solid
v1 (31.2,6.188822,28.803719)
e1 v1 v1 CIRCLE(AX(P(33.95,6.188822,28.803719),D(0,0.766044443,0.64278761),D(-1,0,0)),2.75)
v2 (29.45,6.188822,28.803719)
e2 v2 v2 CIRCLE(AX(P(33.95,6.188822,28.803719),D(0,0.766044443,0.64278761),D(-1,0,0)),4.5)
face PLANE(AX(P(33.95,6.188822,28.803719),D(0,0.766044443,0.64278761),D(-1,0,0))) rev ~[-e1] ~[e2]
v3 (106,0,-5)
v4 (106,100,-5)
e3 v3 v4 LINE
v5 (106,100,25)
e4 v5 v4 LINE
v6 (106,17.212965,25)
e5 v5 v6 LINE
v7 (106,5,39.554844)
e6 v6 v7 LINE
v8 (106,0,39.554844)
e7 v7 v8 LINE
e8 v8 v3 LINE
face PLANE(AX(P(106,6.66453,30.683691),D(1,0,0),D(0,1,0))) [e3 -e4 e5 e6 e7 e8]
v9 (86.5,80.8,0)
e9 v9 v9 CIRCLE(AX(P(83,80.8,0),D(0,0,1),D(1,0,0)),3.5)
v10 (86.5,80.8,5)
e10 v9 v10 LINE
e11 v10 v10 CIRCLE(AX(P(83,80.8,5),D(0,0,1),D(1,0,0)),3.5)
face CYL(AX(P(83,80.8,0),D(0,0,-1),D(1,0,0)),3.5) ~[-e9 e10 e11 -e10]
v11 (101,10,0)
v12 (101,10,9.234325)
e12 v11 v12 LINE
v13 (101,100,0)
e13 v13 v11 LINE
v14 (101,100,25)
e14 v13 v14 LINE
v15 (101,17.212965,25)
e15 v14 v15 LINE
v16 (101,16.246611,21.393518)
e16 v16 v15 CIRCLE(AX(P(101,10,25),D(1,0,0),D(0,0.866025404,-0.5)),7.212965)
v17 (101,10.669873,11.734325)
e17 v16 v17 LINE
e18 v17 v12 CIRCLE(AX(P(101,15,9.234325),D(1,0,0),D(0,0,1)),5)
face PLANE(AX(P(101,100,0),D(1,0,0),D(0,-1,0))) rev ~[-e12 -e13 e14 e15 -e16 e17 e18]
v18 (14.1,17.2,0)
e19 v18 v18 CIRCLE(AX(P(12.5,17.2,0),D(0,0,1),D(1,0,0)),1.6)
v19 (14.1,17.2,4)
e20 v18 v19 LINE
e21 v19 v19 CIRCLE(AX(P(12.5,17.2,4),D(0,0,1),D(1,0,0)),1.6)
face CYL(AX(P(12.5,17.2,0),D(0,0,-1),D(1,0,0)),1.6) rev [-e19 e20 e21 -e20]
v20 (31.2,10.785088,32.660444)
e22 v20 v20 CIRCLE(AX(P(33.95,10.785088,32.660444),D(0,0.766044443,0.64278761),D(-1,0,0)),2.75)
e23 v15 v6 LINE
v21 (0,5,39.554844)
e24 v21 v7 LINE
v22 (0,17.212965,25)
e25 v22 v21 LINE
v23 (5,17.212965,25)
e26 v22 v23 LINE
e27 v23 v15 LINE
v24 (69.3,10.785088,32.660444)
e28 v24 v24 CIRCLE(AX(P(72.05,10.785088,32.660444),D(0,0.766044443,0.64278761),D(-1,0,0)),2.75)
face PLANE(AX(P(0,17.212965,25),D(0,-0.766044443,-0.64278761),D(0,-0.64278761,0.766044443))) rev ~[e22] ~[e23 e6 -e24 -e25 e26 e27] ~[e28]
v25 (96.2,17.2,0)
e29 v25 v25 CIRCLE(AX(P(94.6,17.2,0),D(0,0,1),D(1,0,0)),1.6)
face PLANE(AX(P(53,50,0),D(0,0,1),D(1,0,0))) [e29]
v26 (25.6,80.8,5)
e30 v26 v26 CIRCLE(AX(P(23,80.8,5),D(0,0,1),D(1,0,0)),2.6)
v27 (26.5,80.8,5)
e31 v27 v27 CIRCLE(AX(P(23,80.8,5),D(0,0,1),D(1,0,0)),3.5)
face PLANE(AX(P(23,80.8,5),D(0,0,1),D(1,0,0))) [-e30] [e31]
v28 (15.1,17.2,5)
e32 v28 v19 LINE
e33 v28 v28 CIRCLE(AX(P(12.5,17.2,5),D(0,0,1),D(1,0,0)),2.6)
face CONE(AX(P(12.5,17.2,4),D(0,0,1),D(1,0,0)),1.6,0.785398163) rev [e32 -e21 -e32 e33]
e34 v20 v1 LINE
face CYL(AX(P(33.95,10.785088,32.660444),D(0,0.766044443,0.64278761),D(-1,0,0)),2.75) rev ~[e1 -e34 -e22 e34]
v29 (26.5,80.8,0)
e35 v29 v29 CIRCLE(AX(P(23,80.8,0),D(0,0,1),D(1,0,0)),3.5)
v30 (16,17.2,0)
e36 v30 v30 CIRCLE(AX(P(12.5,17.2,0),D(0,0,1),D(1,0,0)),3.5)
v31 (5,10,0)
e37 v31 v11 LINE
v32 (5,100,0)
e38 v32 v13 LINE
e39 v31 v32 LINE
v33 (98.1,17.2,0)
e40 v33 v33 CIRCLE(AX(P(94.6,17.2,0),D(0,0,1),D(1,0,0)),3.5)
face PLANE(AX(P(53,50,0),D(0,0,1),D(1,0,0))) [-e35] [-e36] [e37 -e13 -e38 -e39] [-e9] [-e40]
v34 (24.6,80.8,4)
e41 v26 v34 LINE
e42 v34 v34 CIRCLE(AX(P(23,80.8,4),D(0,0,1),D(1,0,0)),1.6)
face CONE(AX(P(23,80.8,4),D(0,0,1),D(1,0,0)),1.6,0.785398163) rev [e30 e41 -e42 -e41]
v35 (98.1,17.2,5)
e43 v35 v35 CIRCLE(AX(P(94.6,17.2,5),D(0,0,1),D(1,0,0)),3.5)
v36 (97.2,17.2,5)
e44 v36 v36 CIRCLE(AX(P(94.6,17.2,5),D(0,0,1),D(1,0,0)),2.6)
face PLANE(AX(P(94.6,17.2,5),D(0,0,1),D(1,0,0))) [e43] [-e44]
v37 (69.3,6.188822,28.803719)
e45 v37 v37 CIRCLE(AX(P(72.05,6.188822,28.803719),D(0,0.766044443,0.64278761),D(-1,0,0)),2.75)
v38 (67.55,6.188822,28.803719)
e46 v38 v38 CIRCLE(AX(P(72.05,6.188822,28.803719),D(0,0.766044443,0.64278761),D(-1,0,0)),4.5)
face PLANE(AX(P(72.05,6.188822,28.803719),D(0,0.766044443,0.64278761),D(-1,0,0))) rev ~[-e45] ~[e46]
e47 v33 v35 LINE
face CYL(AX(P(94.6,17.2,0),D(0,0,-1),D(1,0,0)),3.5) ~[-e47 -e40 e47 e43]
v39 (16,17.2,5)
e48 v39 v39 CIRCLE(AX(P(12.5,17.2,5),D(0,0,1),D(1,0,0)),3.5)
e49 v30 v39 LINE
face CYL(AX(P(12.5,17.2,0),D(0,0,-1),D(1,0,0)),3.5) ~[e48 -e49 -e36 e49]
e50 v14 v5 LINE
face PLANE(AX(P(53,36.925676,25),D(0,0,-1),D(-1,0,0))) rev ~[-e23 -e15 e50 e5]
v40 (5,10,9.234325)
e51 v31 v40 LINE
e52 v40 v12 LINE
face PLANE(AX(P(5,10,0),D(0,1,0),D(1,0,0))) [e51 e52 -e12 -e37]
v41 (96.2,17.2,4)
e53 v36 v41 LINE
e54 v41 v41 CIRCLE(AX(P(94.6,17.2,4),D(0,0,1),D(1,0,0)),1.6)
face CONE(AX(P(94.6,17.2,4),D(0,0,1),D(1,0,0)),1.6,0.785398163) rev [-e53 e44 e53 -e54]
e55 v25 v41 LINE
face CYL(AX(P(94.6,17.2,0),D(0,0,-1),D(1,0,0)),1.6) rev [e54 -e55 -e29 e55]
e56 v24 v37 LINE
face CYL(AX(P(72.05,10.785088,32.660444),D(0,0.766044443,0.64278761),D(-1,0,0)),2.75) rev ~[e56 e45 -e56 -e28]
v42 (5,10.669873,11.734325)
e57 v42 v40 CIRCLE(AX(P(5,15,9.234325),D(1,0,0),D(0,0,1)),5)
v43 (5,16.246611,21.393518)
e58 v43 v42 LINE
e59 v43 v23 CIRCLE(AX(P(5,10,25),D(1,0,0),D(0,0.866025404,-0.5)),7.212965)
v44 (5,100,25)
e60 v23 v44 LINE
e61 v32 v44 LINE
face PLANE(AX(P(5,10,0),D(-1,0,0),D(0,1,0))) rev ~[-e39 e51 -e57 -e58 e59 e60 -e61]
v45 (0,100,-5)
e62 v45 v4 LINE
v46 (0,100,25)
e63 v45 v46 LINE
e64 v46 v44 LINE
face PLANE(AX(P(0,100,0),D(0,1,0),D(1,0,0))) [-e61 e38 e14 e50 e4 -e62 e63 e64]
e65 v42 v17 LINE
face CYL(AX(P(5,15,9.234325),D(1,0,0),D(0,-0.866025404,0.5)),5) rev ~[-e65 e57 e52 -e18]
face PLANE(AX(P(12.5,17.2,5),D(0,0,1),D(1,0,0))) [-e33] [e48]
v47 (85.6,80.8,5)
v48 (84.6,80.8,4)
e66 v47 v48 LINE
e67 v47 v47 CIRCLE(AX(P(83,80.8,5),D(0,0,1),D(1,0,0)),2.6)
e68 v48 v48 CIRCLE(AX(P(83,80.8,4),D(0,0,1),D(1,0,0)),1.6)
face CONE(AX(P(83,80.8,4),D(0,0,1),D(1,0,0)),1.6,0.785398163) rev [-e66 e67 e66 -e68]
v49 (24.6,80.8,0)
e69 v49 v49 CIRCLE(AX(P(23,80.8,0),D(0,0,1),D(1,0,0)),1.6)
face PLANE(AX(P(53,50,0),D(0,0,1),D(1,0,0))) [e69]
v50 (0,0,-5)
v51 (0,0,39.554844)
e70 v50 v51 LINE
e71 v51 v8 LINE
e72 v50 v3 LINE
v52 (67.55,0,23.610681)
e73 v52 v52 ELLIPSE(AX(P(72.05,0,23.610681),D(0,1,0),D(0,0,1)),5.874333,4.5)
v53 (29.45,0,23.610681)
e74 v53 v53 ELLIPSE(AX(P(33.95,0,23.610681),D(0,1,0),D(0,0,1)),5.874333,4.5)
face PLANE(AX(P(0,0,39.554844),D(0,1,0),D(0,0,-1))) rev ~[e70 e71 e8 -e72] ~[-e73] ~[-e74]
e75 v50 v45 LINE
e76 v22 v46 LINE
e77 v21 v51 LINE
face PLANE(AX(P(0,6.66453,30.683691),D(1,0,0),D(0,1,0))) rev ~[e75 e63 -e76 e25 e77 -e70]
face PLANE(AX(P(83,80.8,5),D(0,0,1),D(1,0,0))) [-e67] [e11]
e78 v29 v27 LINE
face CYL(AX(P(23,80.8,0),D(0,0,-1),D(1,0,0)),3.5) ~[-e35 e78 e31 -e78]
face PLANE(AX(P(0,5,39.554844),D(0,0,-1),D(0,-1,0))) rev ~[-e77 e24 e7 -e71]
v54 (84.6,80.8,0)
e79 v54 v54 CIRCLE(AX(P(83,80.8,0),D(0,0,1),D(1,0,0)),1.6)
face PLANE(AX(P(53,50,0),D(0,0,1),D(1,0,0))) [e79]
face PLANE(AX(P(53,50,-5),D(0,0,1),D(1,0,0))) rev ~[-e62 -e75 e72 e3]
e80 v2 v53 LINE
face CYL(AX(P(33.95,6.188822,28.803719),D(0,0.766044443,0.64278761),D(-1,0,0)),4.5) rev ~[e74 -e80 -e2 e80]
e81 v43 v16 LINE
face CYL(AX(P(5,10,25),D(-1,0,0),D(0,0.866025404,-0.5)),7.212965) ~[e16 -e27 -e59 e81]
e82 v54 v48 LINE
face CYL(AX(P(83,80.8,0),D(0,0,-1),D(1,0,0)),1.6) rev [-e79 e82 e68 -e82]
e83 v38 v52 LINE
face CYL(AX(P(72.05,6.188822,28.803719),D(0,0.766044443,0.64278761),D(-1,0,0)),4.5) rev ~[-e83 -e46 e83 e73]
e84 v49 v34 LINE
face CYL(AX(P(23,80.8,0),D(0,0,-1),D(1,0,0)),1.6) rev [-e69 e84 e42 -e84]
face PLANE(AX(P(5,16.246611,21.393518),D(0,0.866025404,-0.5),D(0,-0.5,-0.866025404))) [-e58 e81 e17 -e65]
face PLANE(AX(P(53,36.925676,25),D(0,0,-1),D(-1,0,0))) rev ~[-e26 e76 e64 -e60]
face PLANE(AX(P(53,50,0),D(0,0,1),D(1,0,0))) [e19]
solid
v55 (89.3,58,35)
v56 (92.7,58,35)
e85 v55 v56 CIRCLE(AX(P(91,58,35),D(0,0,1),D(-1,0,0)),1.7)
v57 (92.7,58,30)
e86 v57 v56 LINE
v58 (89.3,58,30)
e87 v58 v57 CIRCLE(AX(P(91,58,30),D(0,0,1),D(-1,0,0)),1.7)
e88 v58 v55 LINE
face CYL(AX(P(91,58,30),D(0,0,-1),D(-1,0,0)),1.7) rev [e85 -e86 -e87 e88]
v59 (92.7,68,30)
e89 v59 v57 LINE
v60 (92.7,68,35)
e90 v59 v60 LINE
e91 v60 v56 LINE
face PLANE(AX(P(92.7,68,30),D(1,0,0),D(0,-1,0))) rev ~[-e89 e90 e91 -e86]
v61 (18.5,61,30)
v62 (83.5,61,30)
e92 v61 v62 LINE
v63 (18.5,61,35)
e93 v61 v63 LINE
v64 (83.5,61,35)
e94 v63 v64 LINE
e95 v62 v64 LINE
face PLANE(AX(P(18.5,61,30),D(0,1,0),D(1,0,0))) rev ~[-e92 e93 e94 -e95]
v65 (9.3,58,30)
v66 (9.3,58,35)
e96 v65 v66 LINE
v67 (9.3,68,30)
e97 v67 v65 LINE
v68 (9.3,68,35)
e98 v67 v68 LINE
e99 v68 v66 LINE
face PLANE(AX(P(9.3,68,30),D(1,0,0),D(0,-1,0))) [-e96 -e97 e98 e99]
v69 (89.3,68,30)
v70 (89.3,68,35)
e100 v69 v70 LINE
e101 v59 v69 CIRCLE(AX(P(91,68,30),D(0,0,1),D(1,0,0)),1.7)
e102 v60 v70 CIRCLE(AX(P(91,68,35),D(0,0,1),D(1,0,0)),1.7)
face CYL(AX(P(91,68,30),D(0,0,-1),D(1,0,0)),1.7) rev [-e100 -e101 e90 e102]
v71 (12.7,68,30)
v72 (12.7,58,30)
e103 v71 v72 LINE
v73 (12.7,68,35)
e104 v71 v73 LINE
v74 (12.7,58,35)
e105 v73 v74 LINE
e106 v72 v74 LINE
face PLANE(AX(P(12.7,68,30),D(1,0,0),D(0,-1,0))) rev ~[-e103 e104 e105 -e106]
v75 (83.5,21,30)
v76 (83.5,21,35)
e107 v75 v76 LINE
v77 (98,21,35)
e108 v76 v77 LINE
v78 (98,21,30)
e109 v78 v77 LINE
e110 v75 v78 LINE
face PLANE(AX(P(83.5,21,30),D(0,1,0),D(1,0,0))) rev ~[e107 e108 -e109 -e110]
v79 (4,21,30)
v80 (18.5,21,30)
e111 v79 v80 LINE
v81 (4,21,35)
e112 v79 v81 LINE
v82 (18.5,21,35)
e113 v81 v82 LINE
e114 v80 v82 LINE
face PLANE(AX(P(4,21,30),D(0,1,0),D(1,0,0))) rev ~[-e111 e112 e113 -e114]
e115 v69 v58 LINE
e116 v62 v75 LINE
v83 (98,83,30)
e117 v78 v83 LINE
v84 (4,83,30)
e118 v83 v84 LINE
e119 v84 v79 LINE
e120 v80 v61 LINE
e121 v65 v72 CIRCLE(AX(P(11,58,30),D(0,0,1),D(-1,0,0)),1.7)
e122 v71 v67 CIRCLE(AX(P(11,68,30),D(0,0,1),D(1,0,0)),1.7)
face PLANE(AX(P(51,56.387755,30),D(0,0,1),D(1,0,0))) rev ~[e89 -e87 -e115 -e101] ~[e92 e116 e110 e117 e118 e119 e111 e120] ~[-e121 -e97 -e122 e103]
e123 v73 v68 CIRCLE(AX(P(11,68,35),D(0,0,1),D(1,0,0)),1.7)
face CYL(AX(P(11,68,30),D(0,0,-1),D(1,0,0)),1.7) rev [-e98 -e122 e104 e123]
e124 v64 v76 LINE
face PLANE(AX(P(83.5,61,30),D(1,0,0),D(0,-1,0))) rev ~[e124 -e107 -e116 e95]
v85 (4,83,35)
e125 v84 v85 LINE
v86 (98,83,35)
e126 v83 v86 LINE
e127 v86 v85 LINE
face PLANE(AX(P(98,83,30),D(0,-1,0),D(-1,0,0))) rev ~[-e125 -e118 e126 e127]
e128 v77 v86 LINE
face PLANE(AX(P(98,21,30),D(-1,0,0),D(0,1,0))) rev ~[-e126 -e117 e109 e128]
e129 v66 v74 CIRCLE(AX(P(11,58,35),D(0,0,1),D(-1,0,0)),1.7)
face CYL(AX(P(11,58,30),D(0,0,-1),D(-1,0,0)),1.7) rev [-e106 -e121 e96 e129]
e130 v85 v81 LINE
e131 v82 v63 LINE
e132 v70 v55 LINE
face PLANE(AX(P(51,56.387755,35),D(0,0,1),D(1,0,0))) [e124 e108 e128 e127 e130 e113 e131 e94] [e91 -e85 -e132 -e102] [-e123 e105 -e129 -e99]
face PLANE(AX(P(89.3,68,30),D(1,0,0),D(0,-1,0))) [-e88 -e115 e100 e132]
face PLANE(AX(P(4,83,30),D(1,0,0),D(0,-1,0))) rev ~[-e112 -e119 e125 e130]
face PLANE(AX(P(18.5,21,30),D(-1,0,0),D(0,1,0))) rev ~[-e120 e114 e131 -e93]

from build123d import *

# Parameters (mm, degrees)
SKETCH_W        = 106
SKETCH_H        = 100
PAD_DEPTH       = 5
PAD001_DEPTH    = 25
SKETCH002_R     = 3.5
SKETCH002_R_2   = 1.6
PAD002_DEPTH    = 5
PAD004_DEPTH    = 106
PAD005_DEPTH    = 96
SKETCH006_R     = 2.75
POCKET_DEPTH    = 32.4705241598
SKETCH007_R     = 4.5
POCKET001_DEPTH = 26.4705241598
FILLET_R        = 5
CHAMFER_SIZE    = 1
PAD003_DEPTH    = 5


with BuildPart() as body:
    # Sketch → Pad (new body)
    with BuildSketch(Plane.XY):
        with Locations((53, 50)):
            Rectangle(SKETCH_W, SKETCH_H)
    extrude(amount=-PAD_DEPTH)

    # Sketch001 (on Face5 of Pad) → Pad001 (join)
    with BuildSketch(Plane.XY):
        Polygon((5, 95), (5, 10), (101, 10), (101, 95), (101, 100), (106, 100), (106, 0), (0, 0), (0, 100), (5, 100), align=None)
    extrude(amount=PAD001_DEPTH)

    # Sketch002 (on Face5 of Pad001) → Pad002 (join)
    with BuildSketch(Plane.XY):
        with Locations((83, 80.8)):
            Circle(SKETCH002_R)
        with Locations((83, 80.8)):
            Circle(SKETCH002_R_2, mode=Mode.SUBTRACT)
        with Locations((94.6, 17.2)):
            Circle(SKETCH002_R)
        with Locations((94.6, 17.2)):
            Circle(SKETCH002_R_2, mode=Mode.SUBTRACT)
        with Locations((12.5, 17.2)):
            Circle(SKETCH002_R)
        with Locations((12.5, 17.2)):
            Circle(SKETCH002_R_2, mode=Mode.SUBTRACT)
        with Locations((23, 80.8)):
            Circle(SKETCH002_R)
        with Locations((23, 80.8)):
            Circle(SKETCH002_R_2, mode=Mode.SUBTRACT)
    extrude(amount=PAD002_DEPTH)

    # Sketch004 (on Face5 of Pad002) → Pad004 (join)
    with BuildSketch(Plane(origin=(0, 0, 0), x_dir=(0, -1, 0), z_dir=(-1, 0, 0))):
        Polygon((-17.212964584, 25), (-5, 39.5548444193), (0, 39.5548444193), (0, 25), align=None)
    extrude(amount=-PAD004_DEPTH)

    # Sketch005 (on Face7 of Pad004) → Pad005 (join)
    with BuildSketch(Plane.YZ.offset(5)):
        with BuildLine():
            Line((10, 10.5740708319), (10, 25))
            Line((10, 25), (17.212964584, 25))
            ThreePointArc((16.2466105664, 21.393517708), (16.9671887758, 23.133147394), (17.212964584, 25))
            Line((16.2466105664, 21.393517708), (10, 10.5740708319))
        make_face()
    extrude(amount=PAD005_DEPTH)

    # Sketch006 (on Face5 of Pad005) → Pocket (cut, through all)
    with BuildSketch(Plane(origin=(0, 22.4110791708, 18.8051282665), x_dir=(-1, 0, 0), z_dir=(0, 0.7660444431, 0.6427876097))):
        with Locations((-72.05, 18.0868307174)):
            Circle(SKETCH006_R)
        with Locations((-33.95, 18.0868307174)):
            Circle(SKETCH006_R)
    extrude(amount=-POCKET_DEPTH, mode=Mode.SUBTRACT)

    # Sketch007 (on Face5 of Pocket) → Pocket001 (cut, through all)
    with BuildSketch(Plane(origin=(0, 17.8148125121, 14.9484026084), x_dir=(-1, 0, 0), z_dir=(0, 0.7660444431, 0.6427876097))):
        with Locations((-72.05, 18.0868307174)):
            Circle(SKETCH007_R)
        with Locations((-33.95, 18.0868307174)):
            Circle(SKETCH007_R)
    extrude(amount=-POCKET001_DEPTH, mode=Mode.SUBTRACT)

    # Fillet
    fillet_edges = [body.edges().sort_by_distance(p)[0] for p in [
        (53, 10, 10.574071),
    ]]
    fillet(fillet_edges, radius=FILLET_R)

    # Chamfer
    chamfer_edges = [body.edges().sort_by_distance(p)[0] for p in [
        (93, 17.2, 5),
        (10.9, 17.2, 5),
        (21.4, 80.8, 5),
        (81.4, 80.8, 5),
    ]]
    chamfer(chamfer_edges, length=CHAMFER_SIZE)


with BuildPart() as body001:
    # Sketch003 → Pad003 (new body)
    with BuildSketch(Plane.XY):
        Polygon((0, 0), (14.5, 0), (14.5, 40), (79.5, 40), (79.5, 0), (94, 0), (94, 62), (0, 62), align=None)
        with BuildLine():
            ThreePointArc((8.7, 47), (7, 48.7), (5.3, 47))
            Line((5.3, 47), (5.3, 37))
            ThreePointArc((5.3, 37), (7, 35.3), (8.7, 37))
            Line((8.7, 47), (8.7, 37))
        make_face(mode=Mode.SUBTRACT)
        with BuildLine():
            ThreePointArc((88.7, 47), (87, 48.7), (85.3, 47))
            Line((85.3, 47), (85.3, 37))
            ThreePointArc((85.3, 37), (87, 35.3), (88.7, 37))
            Line((88.7, 47), (88.7, 37))
        make_face(mode=Mode.SUBTRACT)
    extrude(amount=PAD003_DEPTH)


with BuildPart() as body001_1:
    # Body001 placement: moved
    add(body001.part.moved(Location((4, 21, 30))))


solid = Compound([body.part, body001_1.part])
